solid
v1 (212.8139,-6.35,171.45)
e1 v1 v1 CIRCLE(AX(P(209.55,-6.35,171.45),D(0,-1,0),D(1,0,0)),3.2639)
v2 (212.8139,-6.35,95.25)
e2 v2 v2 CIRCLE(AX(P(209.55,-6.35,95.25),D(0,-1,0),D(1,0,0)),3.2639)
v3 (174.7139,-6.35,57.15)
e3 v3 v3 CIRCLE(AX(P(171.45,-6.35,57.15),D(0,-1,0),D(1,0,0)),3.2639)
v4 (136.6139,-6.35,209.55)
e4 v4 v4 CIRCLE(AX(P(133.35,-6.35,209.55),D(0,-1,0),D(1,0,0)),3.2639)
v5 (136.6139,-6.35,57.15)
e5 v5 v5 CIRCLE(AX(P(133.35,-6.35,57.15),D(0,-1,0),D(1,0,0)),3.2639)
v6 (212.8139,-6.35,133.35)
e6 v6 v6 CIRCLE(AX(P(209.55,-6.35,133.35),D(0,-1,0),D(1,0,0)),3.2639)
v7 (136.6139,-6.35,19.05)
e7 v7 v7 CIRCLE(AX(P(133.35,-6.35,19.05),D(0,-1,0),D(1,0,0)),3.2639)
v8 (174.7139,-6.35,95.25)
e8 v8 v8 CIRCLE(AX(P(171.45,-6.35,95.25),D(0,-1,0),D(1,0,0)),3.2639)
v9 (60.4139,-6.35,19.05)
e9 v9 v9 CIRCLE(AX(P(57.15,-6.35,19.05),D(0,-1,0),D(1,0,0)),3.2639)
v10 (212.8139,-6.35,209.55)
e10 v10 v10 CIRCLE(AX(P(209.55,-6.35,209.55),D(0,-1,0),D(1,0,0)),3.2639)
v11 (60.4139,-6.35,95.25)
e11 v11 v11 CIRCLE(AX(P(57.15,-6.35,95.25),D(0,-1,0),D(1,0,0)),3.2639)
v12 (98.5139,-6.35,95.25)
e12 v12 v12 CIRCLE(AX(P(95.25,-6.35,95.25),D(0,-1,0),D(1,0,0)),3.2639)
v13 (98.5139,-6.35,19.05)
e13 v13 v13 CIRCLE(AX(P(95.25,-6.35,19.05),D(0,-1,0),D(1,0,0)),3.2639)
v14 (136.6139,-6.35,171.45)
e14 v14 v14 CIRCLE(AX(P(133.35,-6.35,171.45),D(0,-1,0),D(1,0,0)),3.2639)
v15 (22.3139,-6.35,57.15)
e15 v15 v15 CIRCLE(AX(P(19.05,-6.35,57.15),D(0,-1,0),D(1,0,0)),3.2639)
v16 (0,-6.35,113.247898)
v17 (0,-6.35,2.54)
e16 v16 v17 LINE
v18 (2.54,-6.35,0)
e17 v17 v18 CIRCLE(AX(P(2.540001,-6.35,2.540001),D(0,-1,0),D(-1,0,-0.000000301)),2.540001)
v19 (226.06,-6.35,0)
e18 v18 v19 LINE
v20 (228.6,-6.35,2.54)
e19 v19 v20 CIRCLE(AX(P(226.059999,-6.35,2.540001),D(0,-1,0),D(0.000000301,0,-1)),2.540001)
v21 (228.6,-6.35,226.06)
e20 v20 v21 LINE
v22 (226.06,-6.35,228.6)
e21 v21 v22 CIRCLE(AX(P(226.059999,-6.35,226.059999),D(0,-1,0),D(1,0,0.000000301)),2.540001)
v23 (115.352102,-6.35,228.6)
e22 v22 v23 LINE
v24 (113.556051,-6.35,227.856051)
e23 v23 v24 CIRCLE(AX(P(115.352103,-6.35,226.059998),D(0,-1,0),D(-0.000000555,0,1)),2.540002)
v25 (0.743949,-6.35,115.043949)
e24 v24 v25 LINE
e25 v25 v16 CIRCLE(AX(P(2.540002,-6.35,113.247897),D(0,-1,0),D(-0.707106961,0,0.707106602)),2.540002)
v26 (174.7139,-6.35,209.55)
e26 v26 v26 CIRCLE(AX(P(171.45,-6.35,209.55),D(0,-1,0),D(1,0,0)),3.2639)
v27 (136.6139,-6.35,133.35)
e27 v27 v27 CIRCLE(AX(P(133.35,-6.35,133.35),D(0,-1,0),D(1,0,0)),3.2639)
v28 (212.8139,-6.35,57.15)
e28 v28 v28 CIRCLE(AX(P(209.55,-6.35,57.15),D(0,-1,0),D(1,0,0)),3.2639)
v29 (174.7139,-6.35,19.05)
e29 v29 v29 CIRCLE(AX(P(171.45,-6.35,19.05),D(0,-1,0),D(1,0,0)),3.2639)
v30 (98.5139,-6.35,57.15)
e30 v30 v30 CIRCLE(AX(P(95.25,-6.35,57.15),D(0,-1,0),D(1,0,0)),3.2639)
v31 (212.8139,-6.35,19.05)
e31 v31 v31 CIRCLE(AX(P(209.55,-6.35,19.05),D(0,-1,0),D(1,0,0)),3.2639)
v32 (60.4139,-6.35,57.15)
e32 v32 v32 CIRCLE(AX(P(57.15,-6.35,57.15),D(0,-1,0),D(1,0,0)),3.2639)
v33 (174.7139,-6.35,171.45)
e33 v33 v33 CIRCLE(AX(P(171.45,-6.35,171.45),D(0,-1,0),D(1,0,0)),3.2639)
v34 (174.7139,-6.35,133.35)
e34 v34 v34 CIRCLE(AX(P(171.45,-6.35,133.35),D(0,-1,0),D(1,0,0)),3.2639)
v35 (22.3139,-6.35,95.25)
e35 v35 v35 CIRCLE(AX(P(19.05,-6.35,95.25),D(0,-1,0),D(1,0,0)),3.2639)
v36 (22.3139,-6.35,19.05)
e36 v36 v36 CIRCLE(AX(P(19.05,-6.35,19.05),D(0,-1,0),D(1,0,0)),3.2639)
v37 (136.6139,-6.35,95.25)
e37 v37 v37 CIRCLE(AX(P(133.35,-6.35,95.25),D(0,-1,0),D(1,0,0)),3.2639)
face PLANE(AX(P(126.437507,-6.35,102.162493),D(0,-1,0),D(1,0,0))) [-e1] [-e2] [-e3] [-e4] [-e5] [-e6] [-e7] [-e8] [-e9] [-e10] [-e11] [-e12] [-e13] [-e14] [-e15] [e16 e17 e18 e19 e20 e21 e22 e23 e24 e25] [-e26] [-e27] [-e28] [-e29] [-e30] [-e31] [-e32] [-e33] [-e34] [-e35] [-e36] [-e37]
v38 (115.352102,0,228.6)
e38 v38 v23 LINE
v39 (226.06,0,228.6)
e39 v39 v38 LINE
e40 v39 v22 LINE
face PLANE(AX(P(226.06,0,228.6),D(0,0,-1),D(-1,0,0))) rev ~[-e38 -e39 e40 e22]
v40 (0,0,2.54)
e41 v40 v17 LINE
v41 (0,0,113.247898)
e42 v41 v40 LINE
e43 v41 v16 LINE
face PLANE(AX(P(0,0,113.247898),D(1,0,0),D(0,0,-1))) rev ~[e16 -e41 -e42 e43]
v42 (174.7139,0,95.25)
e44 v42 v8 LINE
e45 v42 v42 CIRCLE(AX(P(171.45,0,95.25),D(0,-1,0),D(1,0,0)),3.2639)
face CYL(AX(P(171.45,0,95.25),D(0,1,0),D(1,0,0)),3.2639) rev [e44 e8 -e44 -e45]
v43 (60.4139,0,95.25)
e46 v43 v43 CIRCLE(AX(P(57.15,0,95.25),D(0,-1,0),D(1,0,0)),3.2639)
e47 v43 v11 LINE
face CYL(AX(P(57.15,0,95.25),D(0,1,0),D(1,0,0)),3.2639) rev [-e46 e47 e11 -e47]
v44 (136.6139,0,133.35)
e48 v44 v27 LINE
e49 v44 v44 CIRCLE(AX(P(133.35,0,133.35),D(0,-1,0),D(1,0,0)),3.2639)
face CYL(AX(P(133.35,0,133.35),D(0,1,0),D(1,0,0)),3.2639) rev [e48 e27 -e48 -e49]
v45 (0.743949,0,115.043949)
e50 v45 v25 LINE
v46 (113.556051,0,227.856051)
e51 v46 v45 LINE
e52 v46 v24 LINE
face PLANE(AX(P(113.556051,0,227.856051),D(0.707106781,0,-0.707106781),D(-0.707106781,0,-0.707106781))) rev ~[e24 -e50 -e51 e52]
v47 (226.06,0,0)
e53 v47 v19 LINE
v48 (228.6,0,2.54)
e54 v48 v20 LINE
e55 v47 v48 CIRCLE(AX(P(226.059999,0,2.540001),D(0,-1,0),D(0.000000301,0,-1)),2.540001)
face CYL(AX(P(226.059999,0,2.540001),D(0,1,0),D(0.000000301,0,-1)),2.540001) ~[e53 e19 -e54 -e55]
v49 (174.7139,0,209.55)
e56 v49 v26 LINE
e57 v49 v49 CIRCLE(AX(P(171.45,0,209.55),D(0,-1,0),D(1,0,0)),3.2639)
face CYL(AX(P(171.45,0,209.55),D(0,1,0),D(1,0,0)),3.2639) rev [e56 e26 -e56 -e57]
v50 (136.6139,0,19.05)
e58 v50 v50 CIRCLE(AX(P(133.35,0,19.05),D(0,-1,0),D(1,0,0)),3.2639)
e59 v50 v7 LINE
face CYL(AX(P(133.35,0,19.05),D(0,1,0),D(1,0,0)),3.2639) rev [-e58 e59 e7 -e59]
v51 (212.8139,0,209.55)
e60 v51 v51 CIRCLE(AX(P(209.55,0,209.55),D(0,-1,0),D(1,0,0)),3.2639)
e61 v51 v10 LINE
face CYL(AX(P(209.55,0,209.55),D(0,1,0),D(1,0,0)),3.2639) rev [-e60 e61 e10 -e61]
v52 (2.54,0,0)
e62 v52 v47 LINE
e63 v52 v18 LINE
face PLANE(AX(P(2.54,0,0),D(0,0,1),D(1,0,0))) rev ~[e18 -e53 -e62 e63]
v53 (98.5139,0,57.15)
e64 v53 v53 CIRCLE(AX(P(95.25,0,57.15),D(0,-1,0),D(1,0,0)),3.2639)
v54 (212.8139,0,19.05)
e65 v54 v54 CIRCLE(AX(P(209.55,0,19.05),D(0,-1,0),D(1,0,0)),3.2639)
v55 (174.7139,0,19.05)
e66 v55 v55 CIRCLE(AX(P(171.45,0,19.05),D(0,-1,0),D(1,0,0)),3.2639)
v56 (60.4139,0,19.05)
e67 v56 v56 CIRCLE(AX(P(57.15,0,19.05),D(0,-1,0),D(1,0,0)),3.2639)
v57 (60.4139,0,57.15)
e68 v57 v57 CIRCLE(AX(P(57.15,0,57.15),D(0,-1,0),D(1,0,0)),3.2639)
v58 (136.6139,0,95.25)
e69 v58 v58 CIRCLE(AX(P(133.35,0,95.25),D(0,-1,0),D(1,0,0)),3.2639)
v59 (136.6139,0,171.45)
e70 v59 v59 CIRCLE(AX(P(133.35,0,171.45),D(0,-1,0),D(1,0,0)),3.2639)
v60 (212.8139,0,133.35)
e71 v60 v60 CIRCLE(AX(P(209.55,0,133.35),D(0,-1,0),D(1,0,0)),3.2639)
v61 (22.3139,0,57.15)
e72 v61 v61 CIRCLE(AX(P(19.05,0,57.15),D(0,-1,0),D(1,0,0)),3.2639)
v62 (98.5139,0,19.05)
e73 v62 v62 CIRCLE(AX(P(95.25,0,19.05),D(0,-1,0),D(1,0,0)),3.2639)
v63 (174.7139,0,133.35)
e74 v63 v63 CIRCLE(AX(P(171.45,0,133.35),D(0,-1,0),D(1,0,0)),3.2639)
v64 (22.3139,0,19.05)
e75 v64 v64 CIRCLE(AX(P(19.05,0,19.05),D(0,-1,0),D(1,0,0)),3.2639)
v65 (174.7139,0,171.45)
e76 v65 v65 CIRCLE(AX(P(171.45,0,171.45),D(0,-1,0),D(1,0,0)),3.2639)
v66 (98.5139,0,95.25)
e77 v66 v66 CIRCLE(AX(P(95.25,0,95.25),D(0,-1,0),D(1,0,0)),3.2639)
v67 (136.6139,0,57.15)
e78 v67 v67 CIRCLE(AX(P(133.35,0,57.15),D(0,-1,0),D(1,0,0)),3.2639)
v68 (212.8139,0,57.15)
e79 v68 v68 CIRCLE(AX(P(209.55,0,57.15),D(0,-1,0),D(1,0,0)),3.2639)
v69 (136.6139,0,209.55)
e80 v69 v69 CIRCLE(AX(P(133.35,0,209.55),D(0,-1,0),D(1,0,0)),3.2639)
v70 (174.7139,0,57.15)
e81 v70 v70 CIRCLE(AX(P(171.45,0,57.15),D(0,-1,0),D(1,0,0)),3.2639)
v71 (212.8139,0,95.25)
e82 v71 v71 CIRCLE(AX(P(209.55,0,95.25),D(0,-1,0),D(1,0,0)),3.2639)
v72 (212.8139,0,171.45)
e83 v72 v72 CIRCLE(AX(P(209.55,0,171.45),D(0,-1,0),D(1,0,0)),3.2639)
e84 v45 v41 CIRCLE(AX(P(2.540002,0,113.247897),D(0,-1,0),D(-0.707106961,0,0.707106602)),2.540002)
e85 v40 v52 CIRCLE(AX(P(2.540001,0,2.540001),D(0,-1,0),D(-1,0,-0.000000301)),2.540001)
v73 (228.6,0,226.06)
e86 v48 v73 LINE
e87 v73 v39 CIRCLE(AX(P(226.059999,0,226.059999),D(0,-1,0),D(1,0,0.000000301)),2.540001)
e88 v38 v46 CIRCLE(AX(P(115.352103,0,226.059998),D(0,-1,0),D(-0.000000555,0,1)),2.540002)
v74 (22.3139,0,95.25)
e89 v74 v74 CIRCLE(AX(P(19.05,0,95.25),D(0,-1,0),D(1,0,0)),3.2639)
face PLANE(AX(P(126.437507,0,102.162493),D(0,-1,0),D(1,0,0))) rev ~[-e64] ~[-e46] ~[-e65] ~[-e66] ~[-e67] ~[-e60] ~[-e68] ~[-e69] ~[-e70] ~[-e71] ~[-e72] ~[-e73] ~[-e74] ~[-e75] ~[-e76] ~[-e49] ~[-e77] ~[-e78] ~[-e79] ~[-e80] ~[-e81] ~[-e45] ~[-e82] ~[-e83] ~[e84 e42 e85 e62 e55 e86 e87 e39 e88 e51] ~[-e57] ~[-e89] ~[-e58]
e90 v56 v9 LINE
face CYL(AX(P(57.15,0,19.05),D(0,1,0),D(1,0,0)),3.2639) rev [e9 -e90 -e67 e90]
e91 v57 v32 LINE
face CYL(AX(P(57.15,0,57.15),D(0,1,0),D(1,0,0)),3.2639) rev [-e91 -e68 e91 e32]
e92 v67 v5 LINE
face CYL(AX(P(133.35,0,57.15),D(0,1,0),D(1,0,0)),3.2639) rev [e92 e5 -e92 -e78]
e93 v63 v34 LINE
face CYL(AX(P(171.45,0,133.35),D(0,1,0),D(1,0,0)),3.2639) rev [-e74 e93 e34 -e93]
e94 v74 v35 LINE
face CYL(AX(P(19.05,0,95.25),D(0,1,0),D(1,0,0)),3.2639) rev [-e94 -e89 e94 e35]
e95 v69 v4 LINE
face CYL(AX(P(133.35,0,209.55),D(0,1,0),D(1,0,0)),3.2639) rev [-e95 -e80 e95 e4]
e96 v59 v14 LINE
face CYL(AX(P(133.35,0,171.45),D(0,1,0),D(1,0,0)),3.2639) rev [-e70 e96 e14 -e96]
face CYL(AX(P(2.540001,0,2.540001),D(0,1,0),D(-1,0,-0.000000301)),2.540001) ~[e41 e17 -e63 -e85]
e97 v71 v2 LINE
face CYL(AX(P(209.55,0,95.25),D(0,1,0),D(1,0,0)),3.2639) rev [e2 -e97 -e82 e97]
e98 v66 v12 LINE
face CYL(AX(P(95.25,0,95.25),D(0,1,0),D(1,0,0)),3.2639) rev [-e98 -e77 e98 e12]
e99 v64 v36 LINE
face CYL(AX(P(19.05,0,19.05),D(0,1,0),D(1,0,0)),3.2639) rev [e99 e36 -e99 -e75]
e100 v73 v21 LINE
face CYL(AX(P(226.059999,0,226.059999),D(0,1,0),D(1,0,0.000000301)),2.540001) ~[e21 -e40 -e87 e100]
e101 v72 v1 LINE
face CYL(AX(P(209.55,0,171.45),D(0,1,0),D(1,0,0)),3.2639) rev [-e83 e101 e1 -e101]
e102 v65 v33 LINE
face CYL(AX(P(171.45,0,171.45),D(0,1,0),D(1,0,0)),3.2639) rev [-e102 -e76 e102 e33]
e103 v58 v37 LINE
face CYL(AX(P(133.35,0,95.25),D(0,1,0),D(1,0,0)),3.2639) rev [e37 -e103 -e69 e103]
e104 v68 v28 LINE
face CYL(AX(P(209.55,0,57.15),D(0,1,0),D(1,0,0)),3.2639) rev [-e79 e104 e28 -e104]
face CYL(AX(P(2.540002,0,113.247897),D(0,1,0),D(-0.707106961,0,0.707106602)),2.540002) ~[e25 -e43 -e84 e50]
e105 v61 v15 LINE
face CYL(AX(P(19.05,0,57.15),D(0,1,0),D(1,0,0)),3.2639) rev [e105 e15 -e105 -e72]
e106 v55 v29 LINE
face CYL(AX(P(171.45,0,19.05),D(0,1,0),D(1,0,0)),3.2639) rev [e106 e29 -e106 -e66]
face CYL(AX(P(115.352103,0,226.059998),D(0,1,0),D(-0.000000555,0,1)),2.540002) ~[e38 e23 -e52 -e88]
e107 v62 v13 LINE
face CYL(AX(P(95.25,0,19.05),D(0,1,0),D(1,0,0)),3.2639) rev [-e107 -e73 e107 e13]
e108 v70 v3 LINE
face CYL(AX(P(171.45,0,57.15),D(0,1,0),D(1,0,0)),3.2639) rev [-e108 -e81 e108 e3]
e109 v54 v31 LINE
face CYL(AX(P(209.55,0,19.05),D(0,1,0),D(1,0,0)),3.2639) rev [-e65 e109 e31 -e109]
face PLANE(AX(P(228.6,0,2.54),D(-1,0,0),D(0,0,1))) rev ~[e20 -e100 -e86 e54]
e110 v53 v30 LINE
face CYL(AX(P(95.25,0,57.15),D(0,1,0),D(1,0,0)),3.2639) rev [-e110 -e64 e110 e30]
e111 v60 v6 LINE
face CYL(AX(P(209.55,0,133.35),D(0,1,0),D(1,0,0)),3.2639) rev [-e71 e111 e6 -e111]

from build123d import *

# Parameters (mm, degrees)
F0_R     = 3.2639
F1_DEPTH = 6.35


with BuildPart() as f1:
    # F0 (on Front) → F1 (new body)
    with BuildSketch(Plane.XZ):
        with BuildLine():
            ThreePointArc((0, 2.54), (0.743949, 0.743949), (2.54, 0))
            Line((2.54, 0), (226.06, 0))
            ThreePointArc((226.06, 0), (227.856051, 0.743949), (228.6, 2.54))
            Line((228.6, 2.54), (228.6, 114.3))
            Line((228.6, 114.3), (228.6, 226.06))
            ThreePointArc((228.6, 226.06), (227.856051, 227.856051), (226.06, 228.6))
            Line((226.06, 228.6), (115.352102, 228.6))
            ThreePointArc((115.352102, 228.6), (114.380087, 228.406654), (113.556051, 227.856051))
            Line((113.556051, 227.856051), (0.743949, 115.043949))
            ThreePointArc((0.743949, 115.043949), (0.193346, 114.219913), (0, 113.247898))
            Line((0, 113.247898), (0, 2.54))
        make_face()
        with Locations((19.05, 19.05)):
            Circle(F0_R, mode=Mode.SUBTRACT)
        with Locations((57.15, 19.05)):
            Circle(F0_R, mode=Mode.SUBTRACT)
        with Locations((95.25, 19.05)):
            Circle(F0_R, mode=Mode.SUBTRACT)
        with Locations((19.05, 57.15)):
            Circle(F0_R, mode=Mode.SUBTRACT)
        with Locations((19.05, 95.25)):
            Circle(F0_R, mode=Mode.SUBTRACT)
        with Locations((57.15, 57.15)):
            Circle(F0_R, mode=Mode.SUBTRACT)
        with Locations((95.25, 57.15)):
            Circle(F0_R, mode=Mode.SUBTRACT)
        with Locations((57.15, 95.25)):
            Circle(F0_R, mode=Mode.SUBTRACT)
        with Locations((95.25, 95.25)):
            Circle(F0_R, mode=Mode.SUBTRACT)
        with Locations((133.35, 19.05)):
            Circle(F0_R, mode=Mode.SUBTRACT)
        with Locations((171.45, 19.05)):
            Circle(F0_R, mode=Mode.SUBTRACT)
        with Locations((209.55, 19.05)):
            Circle(F0_R, mode=Mode.SUBTRACT)
        with Locations((133.35, 57.15)):
            Circle(F0_R, mode=Mode.SUBTRACT)
        with Locations((133.35, 95.25)):
            Circle(F0_R, mode=Mode.SUBTRACT)
        with Locations((171.45, 57.15)):
            Circle(F0_R, mode=Mode.SUBTRACT)
        with Locations((209.55, 57.15)):
            Circle(F0_R, mode=Mode.SUBTRACT)
        with Locations((171.45, 95.25)):
            Circle(F0_R, mode=Mode.SUBTRACT)
        with Locations((209.55, 95.25)):
            Circle(F0_R, mode=Mode.SUBTRACT)
        with Locations((133.35, 133.35)):
            Circle(F0_R, mode=Mode.SUBTRACT)
        with Locations((133.35, 171.45)):
            Circle(F0_R, mode=Mode.SUBTRACT)
        with Locations((171.45, 133.35)):
            Circle(F0_R, mode=Mode.SUBTRACT)
        with Locations((209.55, 133.35)):
            Circle(F0_R, mode=Mode.SUBTRACT)
        with Locations((171.45, 171.45)):
            Circle(F0_R, mode=Mode.SUBTRACT)
        with Locations((209.55, 171.45)):
            Circle(F0_R, mode=Mode.SUBTRACT)
        with Locations((133.35, 209.55)):
            Circle(F0_R, mode=Mode.SUBTRACT)
        with Locations((171.45, 209.55)):
            Circle(F0_R, mode=Mode.SUBTRACT)
        with Locations((209.55, 209.55)):
            Circle(F0_R, mode=Mode.SUBTRACT)
    extrude(amount=F1_DEPTH)


solid = f1.part
